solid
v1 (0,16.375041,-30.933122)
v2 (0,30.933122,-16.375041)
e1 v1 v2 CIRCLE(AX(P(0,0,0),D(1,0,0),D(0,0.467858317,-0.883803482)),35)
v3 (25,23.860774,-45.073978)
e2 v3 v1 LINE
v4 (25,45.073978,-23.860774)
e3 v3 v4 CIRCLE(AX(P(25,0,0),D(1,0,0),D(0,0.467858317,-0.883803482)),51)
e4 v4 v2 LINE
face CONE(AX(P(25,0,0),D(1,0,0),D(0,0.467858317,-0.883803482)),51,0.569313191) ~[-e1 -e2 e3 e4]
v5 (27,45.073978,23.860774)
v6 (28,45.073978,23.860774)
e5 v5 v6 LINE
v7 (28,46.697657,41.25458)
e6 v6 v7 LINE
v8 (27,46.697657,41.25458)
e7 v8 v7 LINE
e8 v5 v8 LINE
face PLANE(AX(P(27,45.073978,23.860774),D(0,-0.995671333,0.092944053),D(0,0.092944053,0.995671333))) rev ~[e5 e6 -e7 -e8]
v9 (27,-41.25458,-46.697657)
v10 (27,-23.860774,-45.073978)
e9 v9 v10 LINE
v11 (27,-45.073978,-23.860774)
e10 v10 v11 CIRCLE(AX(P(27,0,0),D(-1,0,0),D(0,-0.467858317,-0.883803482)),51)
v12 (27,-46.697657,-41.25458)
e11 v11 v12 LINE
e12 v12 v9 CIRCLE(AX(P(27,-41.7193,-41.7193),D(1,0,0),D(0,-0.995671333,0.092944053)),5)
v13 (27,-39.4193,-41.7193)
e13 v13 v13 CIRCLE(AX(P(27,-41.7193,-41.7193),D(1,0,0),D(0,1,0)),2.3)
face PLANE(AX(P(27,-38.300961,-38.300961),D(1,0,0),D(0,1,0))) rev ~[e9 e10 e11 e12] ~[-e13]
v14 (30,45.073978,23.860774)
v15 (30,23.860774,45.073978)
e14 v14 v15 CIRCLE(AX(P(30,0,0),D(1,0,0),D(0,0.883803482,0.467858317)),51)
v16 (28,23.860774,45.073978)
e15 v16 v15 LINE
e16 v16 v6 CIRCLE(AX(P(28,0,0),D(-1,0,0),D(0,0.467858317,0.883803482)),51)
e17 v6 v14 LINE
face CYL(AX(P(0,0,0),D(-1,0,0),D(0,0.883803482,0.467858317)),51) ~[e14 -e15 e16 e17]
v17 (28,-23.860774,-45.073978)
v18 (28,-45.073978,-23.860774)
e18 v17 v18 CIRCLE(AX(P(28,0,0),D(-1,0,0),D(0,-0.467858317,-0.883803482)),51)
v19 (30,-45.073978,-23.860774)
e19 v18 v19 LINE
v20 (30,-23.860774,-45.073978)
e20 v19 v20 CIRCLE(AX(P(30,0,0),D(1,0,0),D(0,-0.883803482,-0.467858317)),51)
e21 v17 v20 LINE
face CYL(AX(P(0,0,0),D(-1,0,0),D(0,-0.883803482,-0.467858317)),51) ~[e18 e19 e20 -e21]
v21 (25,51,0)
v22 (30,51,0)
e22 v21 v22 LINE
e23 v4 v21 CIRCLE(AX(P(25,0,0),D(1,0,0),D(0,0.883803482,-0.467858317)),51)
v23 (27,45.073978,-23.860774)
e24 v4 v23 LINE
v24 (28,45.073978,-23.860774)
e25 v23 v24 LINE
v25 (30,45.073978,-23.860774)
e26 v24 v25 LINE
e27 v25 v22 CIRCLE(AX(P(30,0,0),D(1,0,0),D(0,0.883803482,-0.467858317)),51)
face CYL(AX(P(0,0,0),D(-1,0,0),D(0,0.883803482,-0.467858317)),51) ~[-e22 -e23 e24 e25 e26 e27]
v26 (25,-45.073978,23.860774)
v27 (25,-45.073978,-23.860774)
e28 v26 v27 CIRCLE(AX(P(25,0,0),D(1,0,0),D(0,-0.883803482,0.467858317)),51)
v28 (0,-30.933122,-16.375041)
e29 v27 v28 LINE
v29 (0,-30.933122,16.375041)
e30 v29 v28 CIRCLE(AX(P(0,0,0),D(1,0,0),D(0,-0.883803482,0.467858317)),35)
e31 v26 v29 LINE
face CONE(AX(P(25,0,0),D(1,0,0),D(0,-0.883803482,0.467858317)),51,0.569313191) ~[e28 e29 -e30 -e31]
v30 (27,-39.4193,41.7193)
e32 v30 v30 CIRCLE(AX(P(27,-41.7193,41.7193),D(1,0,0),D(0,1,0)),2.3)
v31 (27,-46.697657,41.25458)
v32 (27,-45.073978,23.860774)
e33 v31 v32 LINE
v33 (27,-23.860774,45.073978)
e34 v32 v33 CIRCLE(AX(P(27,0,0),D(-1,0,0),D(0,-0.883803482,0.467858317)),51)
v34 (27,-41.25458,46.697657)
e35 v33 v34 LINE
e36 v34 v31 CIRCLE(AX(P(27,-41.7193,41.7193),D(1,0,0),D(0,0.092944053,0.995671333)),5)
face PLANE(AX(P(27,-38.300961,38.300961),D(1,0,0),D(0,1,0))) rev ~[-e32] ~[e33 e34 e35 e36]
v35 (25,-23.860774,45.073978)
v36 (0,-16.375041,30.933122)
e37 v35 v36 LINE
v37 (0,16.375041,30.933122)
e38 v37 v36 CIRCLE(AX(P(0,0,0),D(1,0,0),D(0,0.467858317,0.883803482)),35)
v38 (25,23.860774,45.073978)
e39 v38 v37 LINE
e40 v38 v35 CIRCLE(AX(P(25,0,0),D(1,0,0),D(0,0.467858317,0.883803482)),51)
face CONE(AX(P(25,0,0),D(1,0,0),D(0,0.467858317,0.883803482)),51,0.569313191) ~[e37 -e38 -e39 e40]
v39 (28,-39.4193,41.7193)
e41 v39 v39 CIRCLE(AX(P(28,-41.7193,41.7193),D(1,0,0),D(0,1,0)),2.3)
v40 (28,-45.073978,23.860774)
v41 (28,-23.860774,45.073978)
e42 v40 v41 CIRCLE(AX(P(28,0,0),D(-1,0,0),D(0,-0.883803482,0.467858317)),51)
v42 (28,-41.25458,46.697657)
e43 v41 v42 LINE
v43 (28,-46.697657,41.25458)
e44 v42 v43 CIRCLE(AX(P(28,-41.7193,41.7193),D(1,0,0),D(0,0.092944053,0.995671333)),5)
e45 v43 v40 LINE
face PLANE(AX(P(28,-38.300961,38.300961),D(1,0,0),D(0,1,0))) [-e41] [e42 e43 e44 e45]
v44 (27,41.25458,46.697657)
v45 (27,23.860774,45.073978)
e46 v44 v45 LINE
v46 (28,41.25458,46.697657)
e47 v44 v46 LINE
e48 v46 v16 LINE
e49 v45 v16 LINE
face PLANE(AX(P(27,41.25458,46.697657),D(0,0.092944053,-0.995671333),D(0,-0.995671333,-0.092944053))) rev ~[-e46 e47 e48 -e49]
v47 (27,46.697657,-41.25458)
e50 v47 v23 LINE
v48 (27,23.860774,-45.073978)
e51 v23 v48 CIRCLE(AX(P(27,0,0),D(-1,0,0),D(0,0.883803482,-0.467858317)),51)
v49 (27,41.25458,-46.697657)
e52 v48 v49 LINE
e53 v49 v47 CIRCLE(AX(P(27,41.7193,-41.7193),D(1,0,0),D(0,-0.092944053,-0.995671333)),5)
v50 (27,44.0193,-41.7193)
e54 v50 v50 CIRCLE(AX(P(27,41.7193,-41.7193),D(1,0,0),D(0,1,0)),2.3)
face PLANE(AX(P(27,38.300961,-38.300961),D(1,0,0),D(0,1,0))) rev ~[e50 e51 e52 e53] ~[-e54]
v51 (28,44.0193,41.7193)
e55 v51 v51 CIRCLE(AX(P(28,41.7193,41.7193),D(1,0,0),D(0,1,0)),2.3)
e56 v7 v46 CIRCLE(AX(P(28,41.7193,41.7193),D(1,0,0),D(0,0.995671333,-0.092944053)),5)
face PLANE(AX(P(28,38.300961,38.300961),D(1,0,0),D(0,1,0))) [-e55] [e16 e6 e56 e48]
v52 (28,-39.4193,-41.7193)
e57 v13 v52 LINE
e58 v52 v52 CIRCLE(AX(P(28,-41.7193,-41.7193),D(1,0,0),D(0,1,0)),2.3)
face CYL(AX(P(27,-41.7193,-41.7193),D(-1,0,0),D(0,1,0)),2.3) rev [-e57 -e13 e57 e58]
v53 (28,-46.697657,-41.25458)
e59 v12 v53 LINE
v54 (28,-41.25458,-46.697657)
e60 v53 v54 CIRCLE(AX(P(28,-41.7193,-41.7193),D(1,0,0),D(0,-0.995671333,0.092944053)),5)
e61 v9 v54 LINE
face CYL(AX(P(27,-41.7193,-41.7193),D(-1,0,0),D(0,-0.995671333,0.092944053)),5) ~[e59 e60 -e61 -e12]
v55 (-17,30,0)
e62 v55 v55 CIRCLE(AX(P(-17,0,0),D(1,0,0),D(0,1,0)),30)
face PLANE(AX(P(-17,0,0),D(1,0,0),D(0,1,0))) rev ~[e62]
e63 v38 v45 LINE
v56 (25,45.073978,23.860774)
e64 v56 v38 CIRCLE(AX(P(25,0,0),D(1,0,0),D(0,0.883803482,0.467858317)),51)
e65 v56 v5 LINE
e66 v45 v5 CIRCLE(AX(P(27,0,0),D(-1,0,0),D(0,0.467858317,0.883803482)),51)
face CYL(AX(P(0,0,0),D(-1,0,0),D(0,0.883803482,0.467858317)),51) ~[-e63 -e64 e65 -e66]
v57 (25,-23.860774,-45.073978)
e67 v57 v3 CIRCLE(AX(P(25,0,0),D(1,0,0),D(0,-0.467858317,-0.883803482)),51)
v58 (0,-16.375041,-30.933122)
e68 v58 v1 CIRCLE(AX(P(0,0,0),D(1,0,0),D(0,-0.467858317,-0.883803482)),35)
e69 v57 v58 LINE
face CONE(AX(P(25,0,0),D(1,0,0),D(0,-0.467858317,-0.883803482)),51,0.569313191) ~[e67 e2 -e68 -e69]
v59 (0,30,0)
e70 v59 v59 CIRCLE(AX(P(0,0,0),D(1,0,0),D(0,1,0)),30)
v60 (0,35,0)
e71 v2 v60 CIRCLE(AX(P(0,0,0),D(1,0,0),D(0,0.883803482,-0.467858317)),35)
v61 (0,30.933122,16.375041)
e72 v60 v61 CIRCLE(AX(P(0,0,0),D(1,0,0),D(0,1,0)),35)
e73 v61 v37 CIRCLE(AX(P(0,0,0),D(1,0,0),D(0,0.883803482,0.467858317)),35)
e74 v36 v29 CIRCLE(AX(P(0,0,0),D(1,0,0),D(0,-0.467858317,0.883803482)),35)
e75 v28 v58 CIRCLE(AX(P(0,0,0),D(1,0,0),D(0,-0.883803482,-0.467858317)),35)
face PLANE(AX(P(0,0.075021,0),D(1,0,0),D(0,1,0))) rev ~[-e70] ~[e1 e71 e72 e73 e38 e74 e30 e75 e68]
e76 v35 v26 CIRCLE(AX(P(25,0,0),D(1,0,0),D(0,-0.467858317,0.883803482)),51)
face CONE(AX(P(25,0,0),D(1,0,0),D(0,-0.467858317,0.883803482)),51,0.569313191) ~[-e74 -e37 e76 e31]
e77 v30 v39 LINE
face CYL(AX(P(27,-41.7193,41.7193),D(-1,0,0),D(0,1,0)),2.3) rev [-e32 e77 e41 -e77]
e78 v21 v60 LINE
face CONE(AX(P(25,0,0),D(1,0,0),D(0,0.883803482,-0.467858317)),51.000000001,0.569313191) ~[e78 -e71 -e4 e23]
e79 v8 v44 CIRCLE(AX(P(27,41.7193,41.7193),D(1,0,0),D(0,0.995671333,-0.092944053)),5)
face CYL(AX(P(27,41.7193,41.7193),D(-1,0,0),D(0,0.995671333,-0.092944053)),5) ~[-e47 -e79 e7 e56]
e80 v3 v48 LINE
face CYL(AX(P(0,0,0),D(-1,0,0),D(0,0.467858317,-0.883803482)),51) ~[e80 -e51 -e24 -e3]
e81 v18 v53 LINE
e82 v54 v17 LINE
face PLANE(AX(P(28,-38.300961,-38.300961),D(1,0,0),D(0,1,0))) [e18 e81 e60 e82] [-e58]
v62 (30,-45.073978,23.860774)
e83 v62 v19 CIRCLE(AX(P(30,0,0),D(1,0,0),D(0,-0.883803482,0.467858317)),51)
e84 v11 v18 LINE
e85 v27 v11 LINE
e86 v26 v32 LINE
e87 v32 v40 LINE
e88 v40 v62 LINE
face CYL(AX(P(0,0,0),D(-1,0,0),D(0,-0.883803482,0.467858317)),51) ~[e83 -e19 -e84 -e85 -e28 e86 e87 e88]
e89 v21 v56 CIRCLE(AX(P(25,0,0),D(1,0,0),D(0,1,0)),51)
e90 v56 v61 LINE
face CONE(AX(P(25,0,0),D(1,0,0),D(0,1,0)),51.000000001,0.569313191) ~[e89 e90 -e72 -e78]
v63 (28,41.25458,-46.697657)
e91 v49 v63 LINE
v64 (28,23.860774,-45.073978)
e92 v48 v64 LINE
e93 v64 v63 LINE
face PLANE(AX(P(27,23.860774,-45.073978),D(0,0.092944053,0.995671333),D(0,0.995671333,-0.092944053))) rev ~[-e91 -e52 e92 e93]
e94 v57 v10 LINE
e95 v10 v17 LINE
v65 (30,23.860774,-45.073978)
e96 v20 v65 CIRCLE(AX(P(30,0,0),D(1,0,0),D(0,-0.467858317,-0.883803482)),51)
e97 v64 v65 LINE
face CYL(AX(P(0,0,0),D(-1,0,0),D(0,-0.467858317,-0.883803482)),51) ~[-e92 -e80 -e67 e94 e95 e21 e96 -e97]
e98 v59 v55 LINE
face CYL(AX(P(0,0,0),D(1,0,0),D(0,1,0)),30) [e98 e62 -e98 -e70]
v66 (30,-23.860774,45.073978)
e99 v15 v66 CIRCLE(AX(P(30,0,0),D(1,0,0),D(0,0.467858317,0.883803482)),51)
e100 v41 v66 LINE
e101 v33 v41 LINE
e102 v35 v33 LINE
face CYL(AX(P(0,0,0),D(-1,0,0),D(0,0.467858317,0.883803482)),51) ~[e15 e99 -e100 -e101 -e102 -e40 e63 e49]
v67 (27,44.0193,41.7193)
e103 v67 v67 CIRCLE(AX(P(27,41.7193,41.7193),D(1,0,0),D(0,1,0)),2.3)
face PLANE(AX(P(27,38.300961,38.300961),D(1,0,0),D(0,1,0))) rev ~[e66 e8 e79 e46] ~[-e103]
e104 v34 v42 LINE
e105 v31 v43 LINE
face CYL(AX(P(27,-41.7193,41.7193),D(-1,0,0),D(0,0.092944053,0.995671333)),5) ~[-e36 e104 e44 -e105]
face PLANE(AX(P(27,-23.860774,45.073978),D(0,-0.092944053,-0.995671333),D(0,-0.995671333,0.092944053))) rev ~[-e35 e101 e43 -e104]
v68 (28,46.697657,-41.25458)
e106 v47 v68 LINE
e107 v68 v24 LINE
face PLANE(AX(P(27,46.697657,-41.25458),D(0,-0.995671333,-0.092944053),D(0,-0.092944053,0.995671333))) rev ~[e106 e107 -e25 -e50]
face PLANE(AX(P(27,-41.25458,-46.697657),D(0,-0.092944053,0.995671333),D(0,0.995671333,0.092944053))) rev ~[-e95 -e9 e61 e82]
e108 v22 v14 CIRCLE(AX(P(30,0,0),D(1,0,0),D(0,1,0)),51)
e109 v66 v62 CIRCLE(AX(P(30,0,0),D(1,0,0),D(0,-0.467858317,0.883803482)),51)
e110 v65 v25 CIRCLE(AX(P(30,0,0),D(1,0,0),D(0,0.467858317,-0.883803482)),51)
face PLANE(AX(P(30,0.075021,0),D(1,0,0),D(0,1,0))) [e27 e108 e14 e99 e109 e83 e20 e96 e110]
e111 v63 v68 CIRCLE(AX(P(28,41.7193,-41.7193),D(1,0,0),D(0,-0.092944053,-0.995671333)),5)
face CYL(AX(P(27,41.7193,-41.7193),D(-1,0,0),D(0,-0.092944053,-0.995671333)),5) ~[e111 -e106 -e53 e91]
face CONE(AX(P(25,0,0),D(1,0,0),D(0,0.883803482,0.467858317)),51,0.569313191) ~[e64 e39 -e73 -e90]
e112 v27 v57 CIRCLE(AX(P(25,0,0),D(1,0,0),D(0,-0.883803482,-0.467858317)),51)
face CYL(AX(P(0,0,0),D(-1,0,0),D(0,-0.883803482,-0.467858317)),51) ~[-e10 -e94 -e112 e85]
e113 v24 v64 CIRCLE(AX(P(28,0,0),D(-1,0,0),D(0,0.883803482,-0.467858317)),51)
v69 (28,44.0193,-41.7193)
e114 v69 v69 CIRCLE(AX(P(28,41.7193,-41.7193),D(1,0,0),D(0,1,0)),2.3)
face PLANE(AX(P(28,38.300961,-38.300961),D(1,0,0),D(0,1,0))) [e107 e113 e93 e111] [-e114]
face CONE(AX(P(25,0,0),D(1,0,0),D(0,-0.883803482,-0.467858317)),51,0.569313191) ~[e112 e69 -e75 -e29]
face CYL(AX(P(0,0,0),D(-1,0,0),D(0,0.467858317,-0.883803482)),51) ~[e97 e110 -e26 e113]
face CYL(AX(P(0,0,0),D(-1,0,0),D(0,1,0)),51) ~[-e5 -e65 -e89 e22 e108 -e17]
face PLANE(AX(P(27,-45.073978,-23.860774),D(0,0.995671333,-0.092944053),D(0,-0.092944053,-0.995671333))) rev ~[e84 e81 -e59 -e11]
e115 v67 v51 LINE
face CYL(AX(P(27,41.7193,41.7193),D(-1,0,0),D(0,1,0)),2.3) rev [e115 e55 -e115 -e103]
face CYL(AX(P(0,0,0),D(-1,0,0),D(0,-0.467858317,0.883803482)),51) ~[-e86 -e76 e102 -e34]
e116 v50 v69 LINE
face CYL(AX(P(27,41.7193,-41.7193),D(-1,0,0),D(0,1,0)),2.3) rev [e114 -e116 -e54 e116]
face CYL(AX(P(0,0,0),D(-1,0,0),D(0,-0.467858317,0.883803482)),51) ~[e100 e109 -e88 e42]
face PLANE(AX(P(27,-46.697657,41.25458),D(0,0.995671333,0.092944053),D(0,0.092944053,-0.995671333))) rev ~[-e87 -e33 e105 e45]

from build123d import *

# Parameters (mm, degrees)
F0_R     = 30
F1_DEPTH = 30
F2_START = 27
F0_R_2   = 2.3
F2_DEPTH = 1
F3_DEPTH = 17
F4_SIZE2 = 16
F4_SIZE  = 25


with BuildPart() as f1:
    # F0 (on Right) → F1 (new body)
    with BuildSketch(Plane.YZ):
        with BuildLine():
            ThreePointArc((45.073977597, -23.8607741614), (49.4963274266, -12.2928260085), (51, 0))
            ThreePointArc((51, 0), (49.4963274266, 12.2928260085), (45.073977597, 23.8607741614))
            ThreePointArc((45.073977597, 23.8607741614), (36.0624458405, 36.0624458405), (23.8607741614, 45.073977597))
            ThreePointArc((23.8607741614, 45.073977597), (0, 51), (-23.8607741614, 45.073977597))
            ThreePointArc((-23.8607741614, 45.073977597), (-36.0624458405, 36.0624458405), (-45.073977597, 23.8607741614))
            ThreePointArc((-45.073977597, 23.8607741614), (-51, 0), (-45.073977597, -23.8607741614))
            ThreePointArc((-45.073977597, -23.8607741614), (-36.0624458405, -36.0624458405), (-23.8607741614, -45.073977597))
            ThreePointArc((-23.8607741614, -45.073977597), (0, -51), (23.8607741614, -45.073977597))
            ThreePointArc((23.8607741614, -45.073977597), (36.0624458405, -36.0624458405), (45.073977597, -23.8607741614))
        make_face()
        Circle(F0_R, mode=Mode.SUBTRACT)
        Circle(F0_R)
    extrude(amount=F1_DEPTH)

    # F0 (on Right) → F2 (join)
    with BuildSketch(Plane.YZ.offset(F2_START)):
        with BuildLine():
            ThreePointArc((23.8607741614, 45.073977597), (36.0624458405, 36.0624458405), (45.073977597, 23.8607741614))
            Line((45.073977597, 23.8607741614), (46.6976567543, 41.2545798264))
            ThreePointArc((46.6976567543, 41.2545798264), (45.2548339959, 45.2548339959), (41.2545798264, 46.6976567543))
            Line((41.2545798264, 46.6976567543), (23.8607741614, 45.073977597))
        make_face()
        with Locations((41.71930009, 41.71930009)):
            Circle(F0_R_2, mode=Mode.SUBTRACT)
        with BuildLine():
            ThreePointArc((-45.073977597, 23.8607741614), (-36.0624458405, 36.0624458405), (-23.8607741614, 45.073977597))
            Line((-23.8607741614, 45.073977597), (-41.2545798264, 46.6976567543))
            ThreePointArc((-41.2545798264, 46.6976567543), (-45.2548339959, 45.2548339959), (-46.6976567543, 41.2545798264))
            Line((-46.6976567543, 41.2545798264), (-45.073977597, 23.8607741614))
        make_face()
        with Locations((-41.71930009, 41.71930009)):
            Circle(F0_R_2, mode=Mode.SUBTRACT)
        with BuildLine():
            Line((-41.2545798264, -46.6976567543), (-23.8607741614, -45.073977597))
            ThreePointArc((-23.8607741614, -45.073977597), (-36.0624458405, -36.0624458405), (-45.073977597, -23.8607741614))
            Line((-45.073977597, -23.8607741614), (-46.6976567543, -41.2545798264))
            ThreePointArc((-46.6976567543, -41.2545798264), (-45.2548339959, -45.2548339959), (-41.2545798264, -46.6976567543))
        make_face()
        with Locations((-41.71930009, -41.71930009)):
            Circle(F0_R_2, mode=Mode.SUBTRACT)
        with BuildLine():
            Line((46.6976567543, -41.2545798264), (45.073977597, -23.8607741614))
            ThreePointArc((45.073977597, -23.8607741614), (36.0624458405, -36.0624458405), (23.8607741614, -45.073977597))
            Line((23.8607741614, -45.073977597), (41.2545798264, -46.6976567543))
            ThreePointArc((41.2545798264, -46.6976567543), (45.2548339959, -45.2548339959), (46.6976567543, -41.2545798264))
        make_face()
        with Locations((41.71930009, -41.71930009)):
            Circle(F0_R_2, mode=Mode.SUBTRACT)
    extrude(amount=F2_DEPTH)

    # F0 (on Right) → F3 (join)
    with BuildSketch(Plane.YZ):
        Circle(F0_R)
    extrude(amount=-F3_DEPTH)

    # F4
    f4_edges = [f1.edges().sort_by_distance(p)[0] for p in [
        (0, -45.073978, 23.860774),
    ]]
    f4_side = f1.faces().sort_by_distance((15, -45.073978, 23.860774))[0]
    chamfer(f4_edges, length=F4_SIZE, length2=F4_SIZE2, reference=f4_side)


solid = f1.part
